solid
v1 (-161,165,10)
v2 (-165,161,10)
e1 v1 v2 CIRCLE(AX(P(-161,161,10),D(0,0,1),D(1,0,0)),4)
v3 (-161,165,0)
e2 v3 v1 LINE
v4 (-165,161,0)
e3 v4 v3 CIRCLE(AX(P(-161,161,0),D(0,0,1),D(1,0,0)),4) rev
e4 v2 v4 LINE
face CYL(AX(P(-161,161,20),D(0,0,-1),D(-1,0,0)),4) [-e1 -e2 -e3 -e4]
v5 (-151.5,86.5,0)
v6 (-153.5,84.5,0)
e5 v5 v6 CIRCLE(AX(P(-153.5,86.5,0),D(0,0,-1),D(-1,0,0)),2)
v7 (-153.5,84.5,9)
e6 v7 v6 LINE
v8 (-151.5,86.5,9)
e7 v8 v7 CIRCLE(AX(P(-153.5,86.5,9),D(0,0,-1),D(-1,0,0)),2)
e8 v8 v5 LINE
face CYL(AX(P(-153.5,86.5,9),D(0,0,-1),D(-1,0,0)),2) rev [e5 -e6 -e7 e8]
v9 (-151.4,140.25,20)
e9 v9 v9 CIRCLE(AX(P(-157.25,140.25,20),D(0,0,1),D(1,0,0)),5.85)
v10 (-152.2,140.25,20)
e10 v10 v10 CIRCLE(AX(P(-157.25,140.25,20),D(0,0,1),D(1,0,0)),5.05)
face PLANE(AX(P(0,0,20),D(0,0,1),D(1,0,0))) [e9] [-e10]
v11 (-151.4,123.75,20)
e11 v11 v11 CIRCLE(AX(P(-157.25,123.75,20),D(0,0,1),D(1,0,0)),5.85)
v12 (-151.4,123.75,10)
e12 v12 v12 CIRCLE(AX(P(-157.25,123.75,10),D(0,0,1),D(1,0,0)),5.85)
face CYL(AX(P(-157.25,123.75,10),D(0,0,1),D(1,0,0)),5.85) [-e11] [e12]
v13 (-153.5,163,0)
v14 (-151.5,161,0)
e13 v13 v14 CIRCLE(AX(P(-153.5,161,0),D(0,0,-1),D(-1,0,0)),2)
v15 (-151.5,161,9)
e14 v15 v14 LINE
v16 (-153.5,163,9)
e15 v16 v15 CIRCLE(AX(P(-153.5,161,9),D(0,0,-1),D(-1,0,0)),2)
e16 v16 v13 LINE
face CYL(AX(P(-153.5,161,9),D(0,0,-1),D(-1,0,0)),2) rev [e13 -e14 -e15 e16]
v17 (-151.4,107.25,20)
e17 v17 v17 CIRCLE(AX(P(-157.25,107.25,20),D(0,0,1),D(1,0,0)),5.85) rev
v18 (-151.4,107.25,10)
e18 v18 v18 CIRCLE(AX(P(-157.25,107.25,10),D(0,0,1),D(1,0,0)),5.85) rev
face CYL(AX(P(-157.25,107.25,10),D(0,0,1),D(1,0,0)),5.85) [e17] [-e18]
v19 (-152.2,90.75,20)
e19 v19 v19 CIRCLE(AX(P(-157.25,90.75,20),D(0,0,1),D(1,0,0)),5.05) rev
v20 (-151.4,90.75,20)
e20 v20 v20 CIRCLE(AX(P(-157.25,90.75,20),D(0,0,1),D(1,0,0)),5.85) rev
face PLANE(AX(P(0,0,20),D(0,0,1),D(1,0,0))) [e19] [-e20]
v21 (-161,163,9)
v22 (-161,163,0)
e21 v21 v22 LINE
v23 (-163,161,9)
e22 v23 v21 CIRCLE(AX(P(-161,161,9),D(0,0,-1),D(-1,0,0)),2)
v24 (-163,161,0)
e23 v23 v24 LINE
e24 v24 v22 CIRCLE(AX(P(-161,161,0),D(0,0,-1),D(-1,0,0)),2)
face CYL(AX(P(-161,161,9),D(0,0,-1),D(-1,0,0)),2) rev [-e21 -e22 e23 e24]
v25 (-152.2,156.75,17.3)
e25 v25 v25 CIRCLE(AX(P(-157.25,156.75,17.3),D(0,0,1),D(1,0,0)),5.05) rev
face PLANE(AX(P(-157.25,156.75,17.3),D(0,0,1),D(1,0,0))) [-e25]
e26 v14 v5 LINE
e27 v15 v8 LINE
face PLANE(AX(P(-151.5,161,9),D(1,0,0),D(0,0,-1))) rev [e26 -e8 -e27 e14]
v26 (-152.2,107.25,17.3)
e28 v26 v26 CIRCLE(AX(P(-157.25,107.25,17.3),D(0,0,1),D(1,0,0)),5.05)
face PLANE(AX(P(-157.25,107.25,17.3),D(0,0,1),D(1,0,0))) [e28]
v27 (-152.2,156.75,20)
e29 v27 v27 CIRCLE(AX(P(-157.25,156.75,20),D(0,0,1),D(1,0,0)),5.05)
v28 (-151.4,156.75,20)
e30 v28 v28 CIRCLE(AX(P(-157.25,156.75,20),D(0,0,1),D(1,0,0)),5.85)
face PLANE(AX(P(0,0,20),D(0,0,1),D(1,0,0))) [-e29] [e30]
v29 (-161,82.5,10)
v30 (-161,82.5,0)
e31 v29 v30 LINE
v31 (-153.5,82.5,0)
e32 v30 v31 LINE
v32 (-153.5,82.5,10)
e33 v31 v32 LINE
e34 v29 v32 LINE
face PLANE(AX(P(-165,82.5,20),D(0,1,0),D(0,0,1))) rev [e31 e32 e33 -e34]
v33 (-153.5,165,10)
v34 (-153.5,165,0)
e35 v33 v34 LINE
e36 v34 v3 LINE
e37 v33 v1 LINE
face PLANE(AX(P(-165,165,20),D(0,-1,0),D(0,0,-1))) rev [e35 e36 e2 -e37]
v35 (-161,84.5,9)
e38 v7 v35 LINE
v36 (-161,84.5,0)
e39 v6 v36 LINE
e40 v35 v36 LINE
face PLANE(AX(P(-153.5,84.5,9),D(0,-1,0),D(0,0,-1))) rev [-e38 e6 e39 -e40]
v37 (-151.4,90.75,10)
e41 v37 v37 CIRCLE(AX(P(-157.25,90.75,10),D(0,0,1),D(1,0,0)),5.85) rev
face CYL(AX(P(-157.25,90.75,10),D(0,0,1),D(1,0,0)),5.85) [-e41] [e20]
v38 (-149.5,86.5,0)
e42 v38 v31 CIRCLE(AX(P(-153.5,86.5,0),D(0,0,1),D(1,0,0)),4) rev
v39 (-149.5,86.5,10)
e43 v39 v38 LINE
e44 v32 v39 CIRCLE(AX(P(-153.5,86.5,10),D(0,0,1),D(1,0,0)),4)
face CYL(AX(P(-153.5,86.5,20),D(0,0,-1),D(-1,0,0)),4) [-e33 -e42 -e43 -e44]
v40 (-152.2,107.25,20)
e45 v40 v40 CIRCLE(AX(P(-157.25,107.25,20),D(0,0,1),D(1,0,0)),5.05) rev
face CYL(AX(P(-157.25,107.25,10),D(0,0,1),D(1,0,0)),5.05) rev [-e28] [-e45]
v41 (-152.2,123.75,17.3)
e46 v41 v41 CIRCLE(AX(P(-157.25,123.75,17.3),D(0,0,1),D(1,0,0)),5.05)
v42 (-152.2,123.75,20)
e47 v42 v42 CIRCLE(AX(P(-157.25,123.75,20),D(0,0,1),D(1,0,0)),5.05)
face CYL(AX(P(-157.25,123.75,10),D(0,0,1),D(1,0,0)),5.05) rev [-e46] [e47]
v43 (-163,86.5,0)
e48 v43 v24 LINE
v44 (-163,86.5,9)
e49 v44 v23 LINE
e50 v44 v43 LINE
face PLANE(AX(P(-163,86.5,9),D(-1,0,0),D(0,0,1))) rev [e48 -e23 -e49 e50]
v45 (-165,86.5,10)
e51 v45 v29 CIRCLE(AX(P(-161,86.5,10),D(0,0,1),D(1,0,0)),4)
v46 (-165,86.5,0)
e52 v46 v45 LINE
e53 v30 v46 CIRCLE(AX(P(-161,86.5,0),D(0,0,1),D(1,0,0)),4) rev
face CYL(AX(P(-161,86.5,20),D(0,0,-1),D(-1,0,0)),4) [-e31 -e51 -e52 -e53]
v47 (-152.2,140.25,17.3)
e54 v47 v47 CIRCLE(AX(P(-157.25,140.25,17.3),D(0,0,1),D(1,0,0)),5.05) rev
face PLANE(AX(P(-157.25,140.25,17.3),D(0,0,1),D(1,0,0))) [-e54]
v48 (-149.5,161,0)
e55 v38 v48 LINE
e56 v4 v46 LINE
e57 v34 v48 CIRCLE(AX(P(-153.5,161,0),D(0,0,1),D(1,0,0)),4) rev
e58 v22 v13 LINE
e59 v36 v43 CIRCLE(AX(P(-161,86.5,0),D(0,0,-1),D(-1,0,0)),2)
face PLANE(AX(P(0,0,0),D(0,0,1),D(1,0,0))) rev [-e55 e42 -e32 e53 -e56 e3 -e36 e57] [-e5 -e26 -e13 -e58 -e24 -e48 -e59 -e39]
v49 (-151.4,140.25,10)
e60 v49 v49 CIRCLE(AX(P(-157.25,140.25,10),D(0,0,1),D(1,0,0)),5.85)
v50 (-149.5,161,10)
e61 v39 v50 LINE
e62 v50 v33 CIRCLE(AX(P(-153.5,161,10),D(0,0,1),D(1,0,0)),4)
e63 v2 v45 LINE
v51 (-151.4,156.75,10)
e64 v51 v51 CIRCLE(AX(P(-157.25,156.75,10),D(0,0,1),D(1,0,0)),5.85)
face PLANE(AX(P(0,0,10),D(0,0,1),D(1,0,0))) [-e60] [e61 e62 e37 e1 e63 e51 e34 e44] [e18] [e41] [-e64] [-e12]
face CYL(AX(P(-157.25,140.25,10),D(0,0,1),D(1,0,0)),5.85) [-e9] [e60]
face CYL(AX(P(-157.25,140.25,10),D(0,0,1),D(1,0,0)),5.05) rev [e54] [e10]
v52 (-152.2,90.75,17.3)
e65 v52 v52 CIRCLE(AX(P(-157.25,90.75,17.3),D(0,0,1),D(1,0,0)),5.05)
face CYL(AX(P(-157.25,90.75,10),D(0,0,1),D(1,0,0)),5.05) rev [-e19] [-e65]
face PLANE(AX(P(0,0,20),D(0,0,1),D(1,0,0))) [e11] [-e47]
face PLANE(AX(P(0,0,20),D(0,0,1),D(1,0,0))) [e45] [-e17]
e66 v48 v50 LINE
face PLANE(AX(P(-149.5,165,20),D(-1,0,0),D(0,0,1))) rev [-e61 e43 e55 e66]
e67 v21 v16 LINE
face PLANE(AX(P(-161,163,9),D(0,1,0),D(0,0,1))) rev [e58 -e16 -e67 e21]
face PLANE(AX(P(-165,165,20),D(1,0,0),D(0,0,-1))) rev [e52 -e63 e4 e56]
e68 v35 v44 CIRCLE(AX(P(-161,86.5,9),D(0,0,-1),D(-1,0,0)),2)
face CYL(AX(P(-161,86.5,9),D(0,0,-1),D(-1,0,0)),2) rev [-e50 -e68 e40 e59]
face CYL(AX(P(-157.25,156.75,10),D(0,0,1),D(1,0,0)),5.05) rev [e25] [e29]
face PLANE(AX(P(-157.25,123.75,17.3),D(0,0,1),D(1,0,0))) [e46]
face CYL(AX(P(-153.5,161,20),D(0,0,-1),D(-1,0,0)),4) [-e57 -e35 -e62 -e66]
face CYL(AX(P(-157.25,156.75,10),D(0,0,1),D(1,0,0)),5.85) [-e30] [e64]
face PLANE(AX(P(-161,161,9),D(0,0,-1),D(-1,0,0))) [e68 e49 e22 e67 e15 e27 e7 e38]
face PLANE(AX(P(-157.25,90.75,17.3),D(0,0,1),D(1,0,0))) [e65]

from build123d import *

# Parameters (mm, degrees)
SKETCH1_W                       = 15.5
SKETCH1_H                       = 82.5
BOSS_EXTRUDE1_DEPTH             = 20
SKETCH2_R                       = 5.85
SKETCH2_R_2                     = 5.05
CUT_EXTRUDE1_DEPTH              = 10
FILLET1_R                       = 4
SKIZZE3_R                       = 5.1
SKIZZE3_R_2                     = 5.05
AUFSATZ_LINEAR_AUSTRAGEN1_DEPTH = 7.3
SCHNITT_LINEAR_AUSTRAGEN1_DEPTH = 9


with BuildPart() as part:
    # Sketch1 → Boss-Extrude1 (new body)
    with BuildSketch(Plane.XY):
        with Locations((-157.25, 123.75)):
            Rectangle(SKETCH1_W, SKETCH1_H)
    extrude(amount=BOSS_EXTRUDE1_DEPTH)

    # Sketch2 → Cut-Extrude1 (cut)
    with BuildSketch(Plane.XY.offset(20)):
        with BuildLine():
            ThreePointArc((-163.1, 123.75), (-157.25, 129.6), (-151.4, 123.75))
            Line((-151.4, 123.75), (-149.5, 123.75))
            Line((-149.5, 123.75), (-149.5, 165))
            Line((-149.5, 165), (-165, 165))
            Line((-165, 165), (-165, 123.75))
            Line((-165, 123.75), (-163.1, 123.75))
        make_face()
        with Locations((-157.25, 140.25)):
            Circle(SKETCH2_R, mode=Mode.SUBTRACT)
        with Locations((-157.25, 156.75)):
            Circle(SKETCH2_R, mode=Mode.SUBTRACT)
        with BuildLine():
            Line((-149.5, 123.75), (-151.4, 123.75))
            ThreePointArc((-151.4, 123.75), (-157.25, 117.9), (-163.1, 123.75))
            Line((-163.1, 123.75), (-165, 123.75))
            Line((-165, 123.75), (-165, 82.5))
            Line((-165, 82.5), (-149.5, 82.5))
            Line((-149.5, 82.5), (-149.5, 123.75))
        make_face()
        with Locations((-157.25, 90.75)):
            Circle(SKETCH2_R, mode=Mode.SUBTRACT)
        with Locations((-157.25, 107.25)):
            Circle(SKETCH2_R, mode=Mode.SUBTRACT)
        with Locations((-157.25, 90.75)):
            Circle(SKETCH2_R_2)
        with Locations((-157.25, 107.25)):
            Circle(SKETCH2_R_2)
        with BuildLine():
            ThreePointArc((-162.3, 123.75), (-157.25, 118.7), (-152.2, 123.75))
            Line((-152.2, 123.75), (-162.3, 123.75))
        make_face()
        with BuildLine():
            Line((-162.3, 123.75), (-152.2, 123.75))
            ThreePointArc((-152.2, 123.75), (-157.25, 128.8), (-162.3, 123.75))
        make_face()
        with Locations((-157.25, 140.25)):
            Circle(SKETCH2_R_2)
        with Locations((-157.25, 156.75)):
            Circle(SKETCH2_R_2)
    extrude(amount=-CUT_EXTRUDE1_DEPTH, mode=Mode.SUBTRACT)

    # Fillet1
    fillet1_edges = [part.edges().sort_by_distance(p)[0] for p in [
        (-165, 165, 5),
        (-149.5, 165, 5),
        (-149.5, 82.5, 5),
        (-165, 82.5, 5),
    ]]
    fillet(fillet1_edges, radius=FILLET1_R)

    # Skizze3 → Aufsatz-Linear austragen1 (add)
    with BuildSketch(Plane.XY.offset(10)):
        with Locations((-157.25, 156.75)):
            Circle(SKIZZE3_R)
        with Locations((-157.25, 140.25)):
            Circle(SKIZZE3_R)
        with Locations((-157.25, 123.75)):
            Circle(SKIZZE3_R_2)
        with Locations((-157.25, 107.25)):
            Circle(SKIZZE3_R_2)
        with Locations((-157.25, 90.75)):
            Circle(SKIZZE3_R)
    extrude(amount=AUFSATZ_LINEAR_AUSTRAGEN1_DEPTH)

    # Skizze4 → Schnitt-Linear austragen1 (cut)
    with BuildSketch(Plane(origin=(0, 0, 0), x_dir=(-1, 0, 0), z_dir=(0, 0, -1))):
        with BuildLine():
            Line((161, 163), (153.5, 163))
            ThreePointArc((153.5, 163), (152.085786438, 162.414213562), (151.5, 161))
            Line((151.5, 161), (151.5, 86.5))
            ThreePointArc((151.5, 86.5), (152.085786438, 85.085786438), (153.5, 84.5))
            Line((153.5, 84.5), (161, 84.5))
            ThreePointArc((161, 84.5), (162.414213562, 85.085786438), (163, 86.5))
            Line((163, 86.5), (163, 161))
            ThreePointArc((163, 161), (162.414213562, 162.414213562), (161, 163))
        make_face()
    extrude(amount=-SCHNITT_LINEAR_AUSTRAGEN1_DEPTH, mode=Mode.SUBTRACT)


solid = part.part
